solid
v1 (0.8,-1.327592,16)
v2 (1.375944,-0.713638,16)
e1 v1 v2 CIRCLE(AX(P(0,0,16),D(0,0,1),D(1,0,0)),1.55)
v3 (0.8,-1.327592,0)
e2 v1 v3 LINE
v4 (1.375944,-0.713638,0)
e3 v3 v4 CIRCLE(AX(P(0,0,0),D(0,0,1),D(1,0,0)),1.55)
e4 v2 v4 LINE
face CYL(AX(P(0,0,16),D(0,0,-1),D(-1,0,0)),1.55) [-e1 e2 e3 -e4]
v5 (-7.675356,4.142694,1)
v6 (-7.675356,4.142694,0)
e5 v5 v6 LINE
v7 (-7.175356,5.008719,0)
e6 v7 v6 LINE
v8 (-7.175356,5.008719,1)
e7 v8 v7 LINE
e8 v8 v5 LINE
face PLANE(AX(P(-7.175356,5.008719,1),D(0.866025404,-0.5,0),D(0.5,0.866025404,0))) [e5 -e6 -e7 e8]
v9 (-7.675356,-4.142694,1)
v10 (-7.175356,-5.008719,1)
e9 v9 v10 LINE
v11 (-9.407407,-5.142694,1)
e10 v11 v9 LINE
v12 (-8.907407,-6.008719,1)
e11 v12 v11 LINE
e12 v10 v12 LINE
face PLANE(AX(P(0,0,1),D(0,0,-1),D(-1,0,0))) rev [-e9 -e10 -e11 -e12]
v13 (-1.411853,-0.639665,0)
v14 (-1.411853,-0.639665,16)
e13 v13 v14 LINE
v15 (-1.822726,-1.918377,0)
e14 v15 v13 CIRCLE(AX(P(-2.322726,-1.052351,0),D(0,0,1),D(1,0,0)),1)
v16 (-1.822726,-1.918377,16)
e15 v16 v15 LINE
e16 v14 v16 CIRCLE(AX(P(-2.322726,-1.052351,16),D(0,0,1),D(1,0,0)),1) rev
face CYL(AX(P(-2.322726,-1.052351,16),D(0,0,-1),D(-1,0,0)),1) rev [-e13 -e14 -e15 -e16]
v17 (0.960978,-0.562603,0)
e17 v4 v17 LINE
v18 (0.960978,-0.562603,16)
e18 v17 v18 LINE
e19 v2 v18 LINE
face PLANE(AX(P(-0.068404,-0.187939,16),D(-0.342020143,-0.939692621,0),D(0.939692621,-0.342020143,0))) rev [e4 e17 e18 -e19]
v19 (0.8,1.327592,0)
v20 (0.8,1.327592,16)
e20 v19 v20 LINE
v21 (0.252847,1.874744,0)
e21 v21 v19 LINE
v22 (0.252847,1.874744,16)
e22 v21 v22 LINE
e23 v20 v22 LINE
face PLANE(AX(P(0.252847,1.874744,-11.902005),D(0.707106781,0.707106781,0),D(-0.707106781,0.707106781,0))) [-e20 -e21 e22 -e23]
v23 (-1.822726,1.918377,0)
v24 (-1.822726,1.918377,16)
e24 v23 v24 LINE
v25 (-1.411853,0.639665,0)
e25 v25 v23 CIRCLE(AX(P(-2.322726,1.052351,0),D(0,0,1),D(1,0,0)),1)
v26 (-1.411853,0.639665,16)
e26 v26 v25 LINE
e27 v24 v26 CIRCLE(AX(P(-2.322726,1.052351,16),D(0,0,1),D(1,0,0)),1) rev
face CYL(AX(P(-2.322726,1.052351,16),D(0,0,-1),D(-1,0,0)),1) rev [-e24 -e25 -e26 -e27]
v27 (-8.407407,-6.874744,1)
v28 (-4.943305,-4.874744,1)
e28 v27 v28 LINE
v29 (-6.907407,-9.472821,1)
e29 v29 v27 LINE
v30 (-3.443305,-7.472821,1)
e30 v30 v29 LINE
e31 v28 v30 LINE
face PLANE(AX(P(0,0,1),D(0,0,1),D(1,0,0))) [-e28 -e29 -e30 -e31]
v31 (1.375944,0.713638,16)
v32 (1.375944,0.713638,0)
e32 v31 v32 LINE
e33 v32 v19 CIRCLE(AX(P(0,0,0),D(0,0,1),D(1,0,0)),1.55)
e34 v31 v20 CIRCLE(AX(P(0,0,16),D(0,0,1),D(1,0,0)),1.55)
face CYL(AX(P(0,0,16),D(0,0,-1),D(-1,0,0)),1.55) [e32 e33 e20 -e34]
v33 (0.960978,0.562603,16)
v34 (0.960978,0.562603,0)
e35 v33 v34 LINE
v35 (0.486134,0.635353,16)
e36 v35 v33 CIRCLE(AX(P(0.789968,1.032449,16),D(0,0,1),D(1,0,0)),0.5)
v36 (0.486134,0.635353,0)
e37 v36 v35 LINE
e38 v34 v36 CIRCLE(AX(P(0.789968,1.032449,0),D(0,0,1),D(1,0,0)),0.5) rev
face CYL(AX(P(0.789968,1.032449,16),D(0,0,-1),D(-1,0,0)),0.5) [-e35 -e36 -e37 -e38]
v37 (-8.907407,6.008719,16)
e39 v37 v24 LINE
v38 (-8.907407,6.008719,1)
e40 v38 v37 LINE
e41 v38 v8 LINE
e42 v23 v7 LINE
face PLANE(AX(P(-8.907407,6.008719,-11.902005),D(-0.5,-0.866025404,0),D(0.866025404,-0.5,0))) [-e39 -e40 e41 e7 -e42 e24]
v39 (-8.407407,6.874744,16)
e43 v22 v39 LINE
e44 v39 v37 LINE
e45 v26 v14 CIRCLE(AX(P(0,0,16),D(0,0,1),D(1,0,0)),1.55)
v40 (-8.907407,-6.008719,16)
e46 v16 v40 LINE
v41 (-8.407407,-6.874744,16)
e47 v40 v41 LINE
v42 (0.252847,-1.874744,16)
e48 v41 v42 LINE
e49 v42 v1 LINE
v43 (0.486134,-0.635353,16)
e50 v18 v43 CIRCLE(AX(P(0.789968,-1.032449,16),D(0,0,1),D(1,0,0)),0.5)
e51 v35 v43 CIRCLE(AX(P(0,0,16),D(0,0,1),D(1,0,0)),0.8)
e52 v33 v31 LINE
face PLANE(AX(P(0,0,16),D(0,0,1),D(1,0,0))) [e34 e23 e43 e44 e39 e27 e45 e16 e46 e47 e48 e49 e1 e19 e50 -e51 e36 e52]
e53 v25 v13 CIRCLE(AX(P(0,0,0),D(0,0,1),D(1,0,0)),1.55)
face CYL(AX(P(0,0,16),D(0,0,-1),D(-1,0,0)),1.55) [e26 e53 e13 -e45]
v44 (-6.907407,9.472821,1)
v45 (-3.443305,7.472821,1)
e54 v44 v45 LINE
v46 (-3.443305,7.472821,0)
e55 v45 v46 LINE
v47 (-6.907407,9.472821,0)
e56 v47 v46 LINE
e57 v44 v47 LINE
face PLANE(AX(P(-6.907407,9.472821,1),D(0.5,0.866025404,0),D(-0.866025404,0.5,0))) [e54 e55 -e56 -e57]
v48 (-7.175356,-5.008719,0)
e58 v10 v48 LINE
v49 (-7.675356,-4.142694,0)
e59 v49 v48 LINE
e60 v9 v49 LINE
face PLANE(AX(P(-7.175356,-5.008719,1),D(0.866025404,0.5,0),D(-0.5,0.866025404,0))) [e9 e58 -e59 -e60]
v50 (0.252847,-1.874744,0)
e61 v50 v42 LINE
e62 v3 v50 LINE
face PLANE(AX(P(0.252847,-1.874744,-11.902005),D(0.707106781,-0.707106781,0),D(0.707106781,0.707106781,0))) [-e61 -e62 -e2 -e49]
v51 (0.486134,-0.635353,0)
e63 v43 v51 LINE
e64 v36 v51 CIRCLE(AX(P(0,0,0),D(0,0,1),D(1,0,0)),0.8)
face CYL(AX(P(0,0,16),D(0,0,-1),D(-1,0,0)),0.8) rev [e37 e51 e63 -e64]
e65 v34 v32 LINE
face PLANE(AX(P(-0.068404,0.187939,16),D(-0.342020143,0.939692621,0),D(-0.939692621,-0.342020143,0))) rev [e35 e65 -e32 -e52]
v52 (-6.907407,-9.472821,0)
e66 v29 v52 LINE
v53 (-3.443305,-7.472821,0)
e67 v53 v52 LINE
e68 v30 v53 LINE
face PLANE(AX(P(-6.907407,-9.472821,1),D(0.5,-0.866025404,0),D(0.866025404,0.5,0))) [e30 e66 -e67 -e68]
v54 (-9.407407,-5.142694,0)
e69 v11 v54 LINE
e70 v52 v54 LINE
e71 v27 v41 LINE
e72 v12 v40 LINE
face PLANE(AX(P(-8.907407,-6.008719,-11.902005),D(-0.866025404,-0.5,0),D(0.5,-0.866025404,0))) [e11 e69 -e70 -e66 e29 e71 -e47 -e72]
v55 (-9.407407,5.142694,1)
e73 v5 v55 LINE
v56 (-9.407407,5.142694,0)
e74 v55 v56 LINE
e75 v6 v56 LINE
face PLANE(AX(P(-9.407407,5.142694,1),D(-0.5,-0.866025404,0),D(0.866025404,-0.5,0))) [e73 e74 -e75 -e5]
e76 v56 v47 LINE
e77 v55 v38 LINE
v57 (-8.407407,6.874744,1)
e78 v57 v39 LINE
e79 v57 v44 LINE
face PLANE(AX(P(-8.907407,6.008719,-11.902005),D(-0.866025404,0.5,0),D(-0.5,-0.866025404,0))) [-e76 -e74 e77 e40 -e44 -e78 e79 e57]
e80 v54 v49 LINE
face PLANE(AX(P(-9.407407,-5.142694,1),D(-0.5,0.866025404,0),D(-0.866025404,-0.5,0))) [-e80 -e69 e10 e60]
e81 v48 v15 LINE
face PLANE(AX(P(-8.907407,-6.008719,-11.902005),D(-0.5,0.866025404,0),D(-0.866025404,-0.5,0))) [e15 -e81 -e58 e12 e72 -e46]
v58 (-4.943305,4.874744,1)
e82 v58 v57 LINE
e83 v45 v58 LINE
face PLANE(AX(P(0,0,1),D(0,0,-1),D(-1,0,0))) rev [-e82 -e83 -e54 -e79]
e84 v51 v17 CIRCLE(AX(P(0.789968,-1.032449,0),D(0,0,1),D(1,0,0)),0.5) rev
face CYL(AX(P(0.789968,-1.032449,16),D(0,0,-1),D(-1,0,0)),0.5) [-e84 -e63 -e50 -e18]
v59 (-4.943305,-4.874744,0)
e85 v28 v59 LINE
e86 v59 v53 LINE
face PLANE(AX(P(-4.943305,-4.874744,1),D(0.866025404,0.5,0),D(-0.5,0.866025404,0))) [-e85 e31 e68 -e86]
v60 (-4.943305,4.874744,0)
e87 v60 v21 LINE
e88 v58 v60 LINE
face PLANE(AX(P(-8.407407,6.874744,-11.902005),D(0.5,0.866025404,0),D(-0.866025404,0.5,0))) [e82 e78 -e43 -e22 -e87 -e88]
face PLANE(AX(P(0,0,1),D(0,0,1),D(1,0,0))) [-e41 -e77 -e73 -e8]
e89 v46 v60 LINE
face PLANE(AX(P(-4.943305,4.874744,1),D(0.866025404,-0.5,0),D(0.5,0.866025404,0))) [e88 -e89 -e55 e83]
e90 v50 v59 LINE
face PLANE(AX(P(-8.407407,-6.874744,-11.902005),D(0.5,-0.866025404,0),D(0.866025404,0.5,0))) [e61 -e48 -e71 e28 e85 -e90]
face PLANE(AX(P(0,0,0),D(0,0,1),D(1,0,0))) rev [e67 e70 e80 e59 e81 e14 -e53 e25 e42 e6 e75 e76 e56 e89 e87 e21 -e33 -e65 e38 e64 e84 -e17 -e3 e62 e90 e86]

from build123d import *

# Parameters (mm, degrees)
BOSS_EXTRUDE2_DEPTH = 16
BOSS_EXTRUDE3_DEPTH = 16
FILLET9_R           = 0.5
BOSS_EXTRUDE4_DEPTH = 1
FILLET10_R          = 1


with BuildPart() as part:
    # Sketch5 → Boss-Extrude2 (new body)
    with BuildSketch(Plane(origin=(4.228476288, 0, 0), x_dir=(1, 0, 0), z_dir=(0, 0, 1))):
        with BuildLine():
            Line((-3.568997542, 0.452866188), (-2.852532713, 0.71363806))
            ThreePointArc((-2.852532713, 0.71363806), (-5.778476288, 0), (-2.852532713, -0.71363806))
            Line((-2.852532713, -0.71363806), (-3.568997542, -0.452866188))
            ThreePointArc((-3.568997542, -0.452866188), (-5.028476288, 0), (-3.568997542, 0.452866188))
        make_face()
    extrude(amount=BOSS_EXTRUDE2_DEPTH)

    # Sketch6 → Boss-Extrude3 (add)
    with BuildSketch(Plane.XY.offset(16)):
        Polygon((-8.907406692, 6.008719055), (-8.407406692, 6.874744459), (0.252847346, 1.874744459), (1.327591805, 0.8), (0.114359354, 0.8), align=None)
        Polygon((0.252847346, -1.874744459), (1.327591805, -0.8), (0.114359354, -0.8), (-8.907406692, -6.008719055), (-8.407406692, -6.874744459), align=None)
    extrude(amount=-BOSS_EXTRUDE3_DEPTH)

    # Fillet9
    fillet9_edges = [part.edges().sort_by_distance(p)[0] for p in [
        (0.659478746, -0.452866188, 8),
        (0.659478746, 0.452866188, 8),
    ]]
    fillet(fillet9_edges, radius=FILLET9_R)

    # Sketch7 → Boss-Extrude4 (add)
    with BuildSketch(Plane(origin=(0, 0, 0), x_dir=(-1, 0, 0), z_dir=(0, 0, -1))):
        Polygon((8.407406692, 6.874744459), (4.943305077, 4.874744459), (3.443305077, 7.47282067), (6.907406692, 9.47282067), align=None)
        Polygon((6.907406692, -9.47282067), (3.443305077, -7.47282067), (4.943305077, -4.874744459), (8.407406692, -6.874744459), align=None)
        Polygon((8.907406692, 6.008719055), (7.175355885, 5.008719055), (7.675355885, 4.142693652), (9.407406692, 5.142693652), align=None)
        Polygon((9.407406692, -5.142693652), (7.675355885, -4.142693652), (7.175355885, -5.008719055), (8.907406692, -6.008719055), align=None)
    extrude(amount=-BOSS_EXTRUDE4_DEPTH)

    # Fillet10
    fillet10_edges = [part.edges().sort_by_distance(p)[0] for p in [
        (-0.799734012, 1.327752051, 8),
        (-0.799734012, -1.327752051, 8),
    ]]
    fillet(fillet10_edges, radius=FILLET10_R)


solid = part.part
